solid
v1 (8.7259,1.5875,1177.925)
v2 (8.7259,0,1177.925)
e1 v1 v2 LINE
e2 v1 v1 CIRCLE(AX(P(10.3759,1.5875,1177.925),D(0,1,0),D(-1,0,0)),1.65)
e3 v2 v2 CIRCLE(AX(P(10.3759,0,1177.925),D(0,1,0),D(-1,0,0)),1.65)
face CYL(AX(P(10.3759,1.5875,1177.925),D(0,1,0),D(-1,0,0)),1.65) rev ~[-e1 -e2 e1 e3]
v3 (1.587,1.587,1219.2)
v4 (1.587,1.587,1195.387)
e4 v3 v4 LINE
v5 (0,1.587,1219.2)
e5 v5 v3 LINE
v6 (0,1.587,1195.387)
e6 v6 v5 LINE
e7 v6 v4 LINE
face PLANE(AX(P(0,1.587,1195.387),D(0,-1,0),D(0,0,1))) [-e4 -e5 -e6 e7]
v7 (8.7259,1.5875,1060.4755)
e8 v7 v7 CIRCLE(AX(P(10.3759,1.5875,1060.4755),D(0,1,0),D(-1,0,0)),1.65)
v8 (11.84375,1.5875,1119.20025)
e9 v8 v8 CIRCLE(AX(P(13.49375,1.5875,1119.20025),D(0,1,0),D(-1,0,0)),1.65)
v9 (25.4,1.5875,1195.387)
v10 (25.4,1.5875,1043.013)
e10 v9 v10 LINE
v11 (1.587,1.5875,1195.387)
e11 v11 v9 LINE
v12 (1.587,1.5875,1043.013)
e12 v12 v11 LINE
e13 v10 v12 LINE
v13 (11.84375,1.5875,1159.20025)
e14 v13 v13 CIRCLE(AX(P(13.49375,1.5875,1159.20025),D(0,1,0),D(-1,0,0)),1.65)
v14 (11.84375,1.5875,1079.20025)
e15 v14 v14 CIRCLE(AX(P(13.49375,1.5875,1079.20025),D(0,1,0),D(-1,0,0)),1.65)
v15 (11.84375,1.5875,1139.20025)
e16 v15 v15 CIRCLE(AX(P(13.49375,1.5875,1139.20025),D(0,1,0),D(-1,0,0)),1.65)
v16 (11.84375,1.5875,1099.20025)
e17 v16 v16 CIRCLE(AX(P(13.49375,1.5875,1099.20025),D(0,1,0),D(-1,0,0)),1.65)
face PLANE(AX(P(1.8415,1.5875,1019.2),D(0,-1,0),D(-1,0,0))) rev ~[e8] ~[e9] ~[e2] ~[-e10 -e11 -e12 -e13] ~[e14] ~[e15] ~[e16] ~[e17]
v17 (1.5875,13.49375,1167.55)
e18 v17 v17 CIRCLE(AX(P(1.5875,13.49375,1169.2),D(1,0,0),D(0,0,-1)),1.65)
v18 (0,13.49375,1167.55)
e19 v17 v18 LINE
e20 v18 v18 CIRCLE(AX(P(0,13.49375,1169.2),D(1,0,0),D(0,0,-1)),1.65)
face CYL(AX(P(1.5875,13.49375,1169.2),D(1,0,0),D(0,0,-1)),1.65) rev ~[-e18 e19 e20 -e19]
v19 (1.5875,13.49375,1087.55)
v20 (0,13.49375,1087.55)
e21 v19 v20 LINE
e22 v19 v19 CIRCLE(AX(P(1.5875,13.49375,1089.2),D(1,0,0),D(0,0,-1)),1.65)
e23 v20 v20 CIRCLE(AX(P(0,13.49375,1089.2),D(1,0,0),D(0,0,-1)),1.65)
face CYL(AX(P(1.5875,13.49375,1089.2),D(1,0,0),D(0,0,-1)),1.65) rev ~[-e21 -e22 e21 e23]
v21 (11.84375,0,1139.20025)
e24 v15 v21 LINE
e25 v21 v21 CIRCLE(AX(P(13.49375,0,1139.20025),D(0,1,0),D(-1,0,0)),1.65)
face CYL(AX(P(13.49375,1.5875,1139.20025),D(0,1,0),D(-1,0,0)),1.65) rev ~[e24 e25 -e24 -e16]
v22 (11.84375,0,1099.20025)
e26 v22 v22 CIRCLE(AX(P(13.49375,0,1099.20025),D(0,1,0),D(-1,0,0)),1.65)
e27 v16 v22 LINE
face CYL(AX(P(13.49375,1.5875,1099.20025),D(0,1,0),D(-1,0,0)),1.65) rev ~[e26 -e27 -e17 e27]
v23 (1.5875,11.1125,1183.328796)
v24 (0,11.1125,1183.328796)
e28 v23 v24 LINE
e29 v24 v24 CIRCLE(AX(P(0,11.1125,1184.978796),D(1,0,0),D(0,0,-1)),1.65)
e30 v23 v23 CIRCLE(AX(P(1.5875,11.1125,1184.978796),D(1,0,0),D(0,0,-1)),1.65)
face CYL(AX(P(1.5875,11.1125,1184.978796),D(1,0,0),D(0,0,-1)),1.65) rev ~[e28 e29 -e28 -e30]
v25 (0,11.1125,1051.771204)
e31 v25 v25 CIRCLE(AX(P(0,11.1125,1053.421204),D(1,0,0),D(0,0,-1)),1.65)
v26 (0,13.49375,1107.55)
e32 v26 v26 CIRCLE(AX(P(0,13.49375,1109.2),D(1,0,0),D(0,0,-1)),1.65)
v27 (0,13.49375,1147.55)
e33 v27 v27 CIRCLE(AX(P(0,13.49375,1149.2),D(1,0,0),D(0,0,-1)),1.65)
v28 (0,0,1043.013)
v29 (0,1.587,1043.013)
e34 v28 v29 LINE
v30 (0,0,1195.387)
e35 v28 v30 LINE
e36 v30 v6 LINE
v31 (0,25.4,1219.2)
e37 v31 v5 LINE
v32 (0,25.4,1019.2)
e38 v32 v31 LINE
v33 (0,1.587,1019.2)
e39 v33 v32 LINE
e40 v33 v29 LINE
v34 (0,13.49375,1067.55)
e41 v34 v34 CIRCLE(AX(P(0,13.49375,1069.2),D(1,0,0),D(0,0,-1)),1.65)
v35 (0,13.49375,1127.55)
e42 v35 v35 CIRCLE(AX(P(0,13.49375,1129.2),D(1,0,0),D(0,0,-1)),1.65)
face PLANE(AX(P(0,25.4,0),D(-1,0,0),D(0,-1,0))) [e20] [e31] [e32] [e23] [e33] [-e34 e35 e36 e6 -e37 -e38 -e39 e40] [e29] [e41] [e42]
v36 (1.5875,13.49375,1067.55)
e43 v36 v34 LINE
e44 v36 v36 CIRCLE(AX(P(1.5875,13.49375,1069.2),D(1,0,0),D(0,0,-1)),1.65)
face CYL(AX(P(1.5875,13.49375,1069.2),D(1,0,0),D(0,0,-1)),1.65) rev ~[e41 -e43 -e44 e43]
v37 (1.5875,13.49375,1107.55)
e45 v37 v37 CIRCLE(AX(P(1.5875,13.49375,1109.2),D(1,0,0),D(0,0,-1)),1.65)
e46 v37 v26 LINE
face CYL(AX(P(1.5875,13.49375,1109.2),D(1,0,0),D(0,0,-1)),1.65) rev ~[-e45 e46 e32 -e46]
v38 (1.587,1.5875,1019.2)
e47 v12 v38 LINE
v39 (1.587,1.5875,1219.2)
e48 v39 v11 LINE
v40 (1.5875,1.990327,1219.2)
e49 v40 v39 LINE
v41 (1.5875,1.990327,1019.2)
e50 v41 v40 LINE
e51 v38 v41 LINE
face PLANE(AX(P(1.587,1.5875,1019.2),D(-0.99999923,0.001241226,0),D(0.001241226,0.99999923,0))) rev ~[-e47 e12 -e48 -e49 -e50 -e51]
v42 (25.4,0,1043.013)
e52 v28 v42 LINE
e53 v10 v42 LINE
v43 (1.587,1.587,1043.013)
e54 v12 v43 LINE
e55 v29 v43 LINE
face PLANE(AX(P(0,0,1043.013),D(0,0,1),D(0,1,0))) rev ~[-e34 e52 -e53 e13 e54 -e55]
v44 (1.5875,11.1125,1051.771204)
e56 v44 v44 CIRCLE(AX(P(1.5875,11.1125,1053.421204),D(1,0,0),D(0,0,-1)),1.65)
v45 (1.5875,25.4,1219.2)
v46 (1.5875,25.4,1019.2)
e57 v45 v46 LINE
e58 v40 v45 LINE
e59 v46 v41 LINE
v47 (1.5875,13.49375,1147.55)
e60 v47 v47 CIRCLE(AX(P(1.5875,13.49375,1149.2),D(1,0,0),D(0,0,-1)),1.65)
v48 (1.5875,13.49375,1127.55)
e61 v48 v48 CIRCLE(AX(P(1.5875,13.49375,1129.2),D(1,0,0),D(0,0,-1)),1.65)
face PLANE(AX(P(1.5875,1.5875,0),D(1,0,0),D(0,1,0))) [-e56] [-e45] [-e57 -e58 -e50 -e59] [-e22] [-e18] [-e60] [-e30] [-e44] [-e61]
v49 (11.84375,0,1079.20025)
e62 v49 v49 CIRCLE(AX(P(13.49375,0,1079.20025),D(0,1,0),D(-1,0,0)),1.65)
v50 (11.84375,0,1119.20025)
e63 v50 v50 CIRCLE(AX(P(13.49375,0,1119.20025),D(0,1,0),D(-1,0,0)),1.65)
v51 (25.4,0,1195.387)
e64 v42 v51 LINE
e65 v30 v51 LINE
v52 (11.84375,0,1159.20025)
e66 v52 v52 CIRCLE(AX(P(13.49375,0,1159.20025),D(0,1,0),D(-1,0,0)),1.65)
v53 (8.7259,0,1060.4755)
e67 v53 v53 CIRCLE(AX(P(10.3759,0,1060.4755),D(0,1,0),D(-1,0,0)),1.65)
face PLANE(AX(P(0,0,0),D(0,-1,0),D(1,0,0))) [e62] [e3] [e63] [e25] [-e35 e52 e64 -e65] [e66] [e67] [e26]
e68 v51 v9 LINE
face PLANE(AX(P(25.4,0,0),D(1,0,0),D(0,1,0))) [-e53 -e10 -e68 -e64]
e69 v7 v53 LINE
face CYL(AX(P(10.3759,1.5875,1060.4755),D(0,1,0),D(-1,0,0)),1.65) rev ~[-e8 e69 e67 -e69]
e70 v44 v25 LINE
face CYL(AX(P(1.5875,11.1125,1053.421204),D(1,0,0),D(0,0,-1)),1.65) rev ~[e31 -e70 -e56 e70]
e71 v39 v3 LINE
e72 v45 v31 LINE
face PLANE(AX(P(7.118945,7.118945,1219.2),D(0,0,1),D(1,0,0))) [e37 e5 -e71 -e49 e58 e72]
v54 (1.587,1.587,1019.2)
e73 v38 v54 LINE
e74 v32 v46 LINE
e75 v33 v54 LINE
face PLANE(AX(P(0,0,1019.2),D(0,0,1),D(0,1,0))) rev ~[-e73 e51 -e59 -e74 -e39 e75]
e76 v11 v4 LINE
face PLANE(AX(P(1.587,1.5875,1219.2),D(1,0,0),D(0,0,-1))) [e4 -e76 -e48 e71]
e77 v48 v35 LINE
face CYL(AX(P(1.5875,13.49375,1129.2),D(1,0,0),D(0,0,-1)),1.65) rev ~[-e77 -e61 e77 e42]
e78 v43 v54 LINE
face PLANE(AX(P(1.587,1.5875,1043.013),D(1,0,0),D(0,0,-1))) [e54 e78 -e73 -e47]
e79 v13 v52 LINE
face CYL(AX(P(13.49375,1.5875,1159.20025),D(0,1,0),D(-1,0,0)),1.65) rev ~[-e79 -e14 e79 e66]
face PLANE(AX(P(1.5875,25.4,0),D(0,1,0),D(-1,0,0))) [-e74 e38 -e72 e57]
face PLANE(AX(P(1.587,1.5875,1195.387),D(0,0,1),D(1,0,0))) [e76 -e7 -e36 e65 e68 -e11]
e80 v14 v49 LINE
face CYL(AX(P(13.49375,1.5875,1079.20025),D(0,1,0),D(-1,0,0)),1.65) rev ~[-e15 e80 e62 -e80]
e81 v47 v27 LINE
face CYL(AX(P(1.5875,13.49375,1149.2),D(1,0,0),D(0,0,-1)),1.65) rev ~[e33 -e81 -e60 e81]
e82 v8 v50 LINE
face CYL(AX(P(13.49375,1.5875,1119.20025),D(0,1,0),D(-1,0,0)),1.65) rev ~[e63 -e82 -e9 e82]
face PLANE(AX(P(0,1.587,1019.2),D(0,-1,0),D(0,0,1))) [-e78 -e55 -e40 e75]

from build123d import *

# Parameters (mm, degrees)
BOSS_EXTRUDE1_DEPTH = 1219.2
FILLET1_R           = 0.254
SKETCH4_W           = 2238.4
SKETCH4_H           = 74.945320812
CUT_EXTRUDE1_DEPTH  = 60
SKETCH8_W           = 23.813
SKETCH8_H           = 23.813
CUT_EXTRUDE6_DEPTH  = 28.313
CUT_EXTRUDE7_DEPTH  = 228.313
SKETCH10_W          = 23.813
SKETCH10_H          = 1.587
CUT_EXTRUDE8_DEPTH  = 228.313
SKETCH14_R          = 1.65
CUT_EXTRUDE11_DEPTH = 60
SKETCH15_R          = 1.65
CUT_EXTRUDE12_DEPTH = 60


with BuildPart() as part:
    # Sketch3 → Boss-Extrude1 (new, symmetric)
    with BuildSketch(Plane.XY):
        Polygon((1.5875, 25.4), (0, 25.4), (0, 0), (25.4, 0), (25.4, 1.5875), (1.5875, 1.5875), align=None)
    extrude(amount=BOSS_EXTRUDE1_DEPTH, both=True)

    # Fillet1
    fillet1_edges = [part.edges().sort_by_distance(p)[0] for p in [
        (1.5875, 1.5875, 0),
    ]]
    fillet(fillet1_edges, radius=FILLET1_R)

    # Sketch4 → Cut-Extrude1 (cut)
    with BuildSketch(Plane.ZY):
        with Locations((-100, 37.472660406)):
            Rectangle(SKETCH4_W, SKETCH4_H)
    extrude(amount=-CUT_EXTRUDE1_DEPTH, mode=Mode.SUBTRACT)

    # Sketch8 → Cut-Extrude6 (cut)
    with BuildSketch(Plane(origin=(0, 1.5875, 0), x_dir=(1, 0, 0), z_dir=(0, 1, 0))):
        with Locations((13.4935, -1207.2935)):
            Rectangle(SKETCH8_W, SKETCH8_H)
        with Locations((13.4935, -1031.1065)):
            Rectangle(SKETCH8_W, SKETCH8_H)
    extrude(amount=-CUT_EXTRUDE6_DEPTH, mode=Mode.SUBTRACT)

    # Sketch9 → Cut-Extrude7 (cut)
    with BuildSketch(Plane(origin=(0, 0, 1019.2), x_dir=(-1, 0, 0), z_dir=(0, 0, -1))):
        Polygon((-1.8415, 1.5875), (-1.587, 1.5875), (-1.5875, 1.990327362), (-1.8415, 1.990327362), align=None)
    extrude(amount=-CUT_EXTRUDE7_DEPTH, mode=Mode.SUBTRACT)

    # Sketch10 → Cut-Extrude8 (cut)
    with BuildSketch(Plane.ZY):
        with Locations((1207.2935, 0.7935)):
            Rectangle(SKETCH10_W, SKETCH10_H)
        with Locations((1031.1065, 0.7935)):
            Rectangle(SKETCH10_W, SKETCH10_H)
    extrude(amount=-CUT_EXTRUDE8_DEPTH, mode=Mode.SUBTRACT)

    # Sketch14 → Cut-Extrude11 (cut)
    with BuildSketch(Plane(origin=(0, 1.5875, 0), x_dir=(1, 0, 0), z_dir=(0, 1, 0))):
        with Locations(Location((10.3759, -1177.925, 0), (0, 0, 180))):
            Circle(SKETCH14_R)
        with Locations(Location((10.3759, -1060.4755, 0), (0, 0, 180))):
            Circle(SKETCH14_R)
        with Locations(Location((13.49375, -1079.20025, 0), (0, 0, 180))):
            Circle(SKETCH14_R)
        with Locations(Location((13.49375, -1099.20025, 0), (0, 0, 180))):
            Circle(SKETCH14_R)
        with Locations(Location((13.49375, -1119.20025, 0), (0, 0, 180))):
            Circle(SKETCH14_R)
        with Locations(Location((13.49375, -1139.20025, 0), (0, 0, 180))):
            Circle(SKETCH14_R)
        with Locations(Location((13.49375, -1159.20025, 0), (0, 0, 180))):
            Circle(SKETCH14_R)
    extrude(amount=-CUT_EXTRUDE11_DEPTH, mode=Mode.SUBTRACT)

    # Sketch15 → Cut-Extrude12 (cut)
    with BuildSketch(Plane(origin=(1.5875, 0, 0), x_dir=(0, 0, -1), z_dir=(1, 0, 0))):
        with Locations((-1184.978795667, 11.1125)):
            Circle(SKETCH15_R)
        with Locations((-1053.421204333, 11.1125)):
            Circle(SKETCH15_R)
        with Locations((-1069.2, 13.49375)):
            Circle(SKETCH15_R)
        with Locations((-1089.2, 13.49375)):
            Circle(SKETCH15_R)
        with Locations((-1109.2, 13.49375)):
            Circle(SKETCH15_R)
        with Locations((-1129.2, 13.49375)):
            Circle(SKETCH15_R)
        with Locations((-1149.2, 13.49375)):
            Circle(SKETCH15_R)
        with Locations((-1169.2, 13.49375)):
            Circle(SKETCH15_R)
    extrude(amount=-CUT_EXTRUDE12_DEPTH, mode=Mode.SUBTRACT)


solid = part.part
